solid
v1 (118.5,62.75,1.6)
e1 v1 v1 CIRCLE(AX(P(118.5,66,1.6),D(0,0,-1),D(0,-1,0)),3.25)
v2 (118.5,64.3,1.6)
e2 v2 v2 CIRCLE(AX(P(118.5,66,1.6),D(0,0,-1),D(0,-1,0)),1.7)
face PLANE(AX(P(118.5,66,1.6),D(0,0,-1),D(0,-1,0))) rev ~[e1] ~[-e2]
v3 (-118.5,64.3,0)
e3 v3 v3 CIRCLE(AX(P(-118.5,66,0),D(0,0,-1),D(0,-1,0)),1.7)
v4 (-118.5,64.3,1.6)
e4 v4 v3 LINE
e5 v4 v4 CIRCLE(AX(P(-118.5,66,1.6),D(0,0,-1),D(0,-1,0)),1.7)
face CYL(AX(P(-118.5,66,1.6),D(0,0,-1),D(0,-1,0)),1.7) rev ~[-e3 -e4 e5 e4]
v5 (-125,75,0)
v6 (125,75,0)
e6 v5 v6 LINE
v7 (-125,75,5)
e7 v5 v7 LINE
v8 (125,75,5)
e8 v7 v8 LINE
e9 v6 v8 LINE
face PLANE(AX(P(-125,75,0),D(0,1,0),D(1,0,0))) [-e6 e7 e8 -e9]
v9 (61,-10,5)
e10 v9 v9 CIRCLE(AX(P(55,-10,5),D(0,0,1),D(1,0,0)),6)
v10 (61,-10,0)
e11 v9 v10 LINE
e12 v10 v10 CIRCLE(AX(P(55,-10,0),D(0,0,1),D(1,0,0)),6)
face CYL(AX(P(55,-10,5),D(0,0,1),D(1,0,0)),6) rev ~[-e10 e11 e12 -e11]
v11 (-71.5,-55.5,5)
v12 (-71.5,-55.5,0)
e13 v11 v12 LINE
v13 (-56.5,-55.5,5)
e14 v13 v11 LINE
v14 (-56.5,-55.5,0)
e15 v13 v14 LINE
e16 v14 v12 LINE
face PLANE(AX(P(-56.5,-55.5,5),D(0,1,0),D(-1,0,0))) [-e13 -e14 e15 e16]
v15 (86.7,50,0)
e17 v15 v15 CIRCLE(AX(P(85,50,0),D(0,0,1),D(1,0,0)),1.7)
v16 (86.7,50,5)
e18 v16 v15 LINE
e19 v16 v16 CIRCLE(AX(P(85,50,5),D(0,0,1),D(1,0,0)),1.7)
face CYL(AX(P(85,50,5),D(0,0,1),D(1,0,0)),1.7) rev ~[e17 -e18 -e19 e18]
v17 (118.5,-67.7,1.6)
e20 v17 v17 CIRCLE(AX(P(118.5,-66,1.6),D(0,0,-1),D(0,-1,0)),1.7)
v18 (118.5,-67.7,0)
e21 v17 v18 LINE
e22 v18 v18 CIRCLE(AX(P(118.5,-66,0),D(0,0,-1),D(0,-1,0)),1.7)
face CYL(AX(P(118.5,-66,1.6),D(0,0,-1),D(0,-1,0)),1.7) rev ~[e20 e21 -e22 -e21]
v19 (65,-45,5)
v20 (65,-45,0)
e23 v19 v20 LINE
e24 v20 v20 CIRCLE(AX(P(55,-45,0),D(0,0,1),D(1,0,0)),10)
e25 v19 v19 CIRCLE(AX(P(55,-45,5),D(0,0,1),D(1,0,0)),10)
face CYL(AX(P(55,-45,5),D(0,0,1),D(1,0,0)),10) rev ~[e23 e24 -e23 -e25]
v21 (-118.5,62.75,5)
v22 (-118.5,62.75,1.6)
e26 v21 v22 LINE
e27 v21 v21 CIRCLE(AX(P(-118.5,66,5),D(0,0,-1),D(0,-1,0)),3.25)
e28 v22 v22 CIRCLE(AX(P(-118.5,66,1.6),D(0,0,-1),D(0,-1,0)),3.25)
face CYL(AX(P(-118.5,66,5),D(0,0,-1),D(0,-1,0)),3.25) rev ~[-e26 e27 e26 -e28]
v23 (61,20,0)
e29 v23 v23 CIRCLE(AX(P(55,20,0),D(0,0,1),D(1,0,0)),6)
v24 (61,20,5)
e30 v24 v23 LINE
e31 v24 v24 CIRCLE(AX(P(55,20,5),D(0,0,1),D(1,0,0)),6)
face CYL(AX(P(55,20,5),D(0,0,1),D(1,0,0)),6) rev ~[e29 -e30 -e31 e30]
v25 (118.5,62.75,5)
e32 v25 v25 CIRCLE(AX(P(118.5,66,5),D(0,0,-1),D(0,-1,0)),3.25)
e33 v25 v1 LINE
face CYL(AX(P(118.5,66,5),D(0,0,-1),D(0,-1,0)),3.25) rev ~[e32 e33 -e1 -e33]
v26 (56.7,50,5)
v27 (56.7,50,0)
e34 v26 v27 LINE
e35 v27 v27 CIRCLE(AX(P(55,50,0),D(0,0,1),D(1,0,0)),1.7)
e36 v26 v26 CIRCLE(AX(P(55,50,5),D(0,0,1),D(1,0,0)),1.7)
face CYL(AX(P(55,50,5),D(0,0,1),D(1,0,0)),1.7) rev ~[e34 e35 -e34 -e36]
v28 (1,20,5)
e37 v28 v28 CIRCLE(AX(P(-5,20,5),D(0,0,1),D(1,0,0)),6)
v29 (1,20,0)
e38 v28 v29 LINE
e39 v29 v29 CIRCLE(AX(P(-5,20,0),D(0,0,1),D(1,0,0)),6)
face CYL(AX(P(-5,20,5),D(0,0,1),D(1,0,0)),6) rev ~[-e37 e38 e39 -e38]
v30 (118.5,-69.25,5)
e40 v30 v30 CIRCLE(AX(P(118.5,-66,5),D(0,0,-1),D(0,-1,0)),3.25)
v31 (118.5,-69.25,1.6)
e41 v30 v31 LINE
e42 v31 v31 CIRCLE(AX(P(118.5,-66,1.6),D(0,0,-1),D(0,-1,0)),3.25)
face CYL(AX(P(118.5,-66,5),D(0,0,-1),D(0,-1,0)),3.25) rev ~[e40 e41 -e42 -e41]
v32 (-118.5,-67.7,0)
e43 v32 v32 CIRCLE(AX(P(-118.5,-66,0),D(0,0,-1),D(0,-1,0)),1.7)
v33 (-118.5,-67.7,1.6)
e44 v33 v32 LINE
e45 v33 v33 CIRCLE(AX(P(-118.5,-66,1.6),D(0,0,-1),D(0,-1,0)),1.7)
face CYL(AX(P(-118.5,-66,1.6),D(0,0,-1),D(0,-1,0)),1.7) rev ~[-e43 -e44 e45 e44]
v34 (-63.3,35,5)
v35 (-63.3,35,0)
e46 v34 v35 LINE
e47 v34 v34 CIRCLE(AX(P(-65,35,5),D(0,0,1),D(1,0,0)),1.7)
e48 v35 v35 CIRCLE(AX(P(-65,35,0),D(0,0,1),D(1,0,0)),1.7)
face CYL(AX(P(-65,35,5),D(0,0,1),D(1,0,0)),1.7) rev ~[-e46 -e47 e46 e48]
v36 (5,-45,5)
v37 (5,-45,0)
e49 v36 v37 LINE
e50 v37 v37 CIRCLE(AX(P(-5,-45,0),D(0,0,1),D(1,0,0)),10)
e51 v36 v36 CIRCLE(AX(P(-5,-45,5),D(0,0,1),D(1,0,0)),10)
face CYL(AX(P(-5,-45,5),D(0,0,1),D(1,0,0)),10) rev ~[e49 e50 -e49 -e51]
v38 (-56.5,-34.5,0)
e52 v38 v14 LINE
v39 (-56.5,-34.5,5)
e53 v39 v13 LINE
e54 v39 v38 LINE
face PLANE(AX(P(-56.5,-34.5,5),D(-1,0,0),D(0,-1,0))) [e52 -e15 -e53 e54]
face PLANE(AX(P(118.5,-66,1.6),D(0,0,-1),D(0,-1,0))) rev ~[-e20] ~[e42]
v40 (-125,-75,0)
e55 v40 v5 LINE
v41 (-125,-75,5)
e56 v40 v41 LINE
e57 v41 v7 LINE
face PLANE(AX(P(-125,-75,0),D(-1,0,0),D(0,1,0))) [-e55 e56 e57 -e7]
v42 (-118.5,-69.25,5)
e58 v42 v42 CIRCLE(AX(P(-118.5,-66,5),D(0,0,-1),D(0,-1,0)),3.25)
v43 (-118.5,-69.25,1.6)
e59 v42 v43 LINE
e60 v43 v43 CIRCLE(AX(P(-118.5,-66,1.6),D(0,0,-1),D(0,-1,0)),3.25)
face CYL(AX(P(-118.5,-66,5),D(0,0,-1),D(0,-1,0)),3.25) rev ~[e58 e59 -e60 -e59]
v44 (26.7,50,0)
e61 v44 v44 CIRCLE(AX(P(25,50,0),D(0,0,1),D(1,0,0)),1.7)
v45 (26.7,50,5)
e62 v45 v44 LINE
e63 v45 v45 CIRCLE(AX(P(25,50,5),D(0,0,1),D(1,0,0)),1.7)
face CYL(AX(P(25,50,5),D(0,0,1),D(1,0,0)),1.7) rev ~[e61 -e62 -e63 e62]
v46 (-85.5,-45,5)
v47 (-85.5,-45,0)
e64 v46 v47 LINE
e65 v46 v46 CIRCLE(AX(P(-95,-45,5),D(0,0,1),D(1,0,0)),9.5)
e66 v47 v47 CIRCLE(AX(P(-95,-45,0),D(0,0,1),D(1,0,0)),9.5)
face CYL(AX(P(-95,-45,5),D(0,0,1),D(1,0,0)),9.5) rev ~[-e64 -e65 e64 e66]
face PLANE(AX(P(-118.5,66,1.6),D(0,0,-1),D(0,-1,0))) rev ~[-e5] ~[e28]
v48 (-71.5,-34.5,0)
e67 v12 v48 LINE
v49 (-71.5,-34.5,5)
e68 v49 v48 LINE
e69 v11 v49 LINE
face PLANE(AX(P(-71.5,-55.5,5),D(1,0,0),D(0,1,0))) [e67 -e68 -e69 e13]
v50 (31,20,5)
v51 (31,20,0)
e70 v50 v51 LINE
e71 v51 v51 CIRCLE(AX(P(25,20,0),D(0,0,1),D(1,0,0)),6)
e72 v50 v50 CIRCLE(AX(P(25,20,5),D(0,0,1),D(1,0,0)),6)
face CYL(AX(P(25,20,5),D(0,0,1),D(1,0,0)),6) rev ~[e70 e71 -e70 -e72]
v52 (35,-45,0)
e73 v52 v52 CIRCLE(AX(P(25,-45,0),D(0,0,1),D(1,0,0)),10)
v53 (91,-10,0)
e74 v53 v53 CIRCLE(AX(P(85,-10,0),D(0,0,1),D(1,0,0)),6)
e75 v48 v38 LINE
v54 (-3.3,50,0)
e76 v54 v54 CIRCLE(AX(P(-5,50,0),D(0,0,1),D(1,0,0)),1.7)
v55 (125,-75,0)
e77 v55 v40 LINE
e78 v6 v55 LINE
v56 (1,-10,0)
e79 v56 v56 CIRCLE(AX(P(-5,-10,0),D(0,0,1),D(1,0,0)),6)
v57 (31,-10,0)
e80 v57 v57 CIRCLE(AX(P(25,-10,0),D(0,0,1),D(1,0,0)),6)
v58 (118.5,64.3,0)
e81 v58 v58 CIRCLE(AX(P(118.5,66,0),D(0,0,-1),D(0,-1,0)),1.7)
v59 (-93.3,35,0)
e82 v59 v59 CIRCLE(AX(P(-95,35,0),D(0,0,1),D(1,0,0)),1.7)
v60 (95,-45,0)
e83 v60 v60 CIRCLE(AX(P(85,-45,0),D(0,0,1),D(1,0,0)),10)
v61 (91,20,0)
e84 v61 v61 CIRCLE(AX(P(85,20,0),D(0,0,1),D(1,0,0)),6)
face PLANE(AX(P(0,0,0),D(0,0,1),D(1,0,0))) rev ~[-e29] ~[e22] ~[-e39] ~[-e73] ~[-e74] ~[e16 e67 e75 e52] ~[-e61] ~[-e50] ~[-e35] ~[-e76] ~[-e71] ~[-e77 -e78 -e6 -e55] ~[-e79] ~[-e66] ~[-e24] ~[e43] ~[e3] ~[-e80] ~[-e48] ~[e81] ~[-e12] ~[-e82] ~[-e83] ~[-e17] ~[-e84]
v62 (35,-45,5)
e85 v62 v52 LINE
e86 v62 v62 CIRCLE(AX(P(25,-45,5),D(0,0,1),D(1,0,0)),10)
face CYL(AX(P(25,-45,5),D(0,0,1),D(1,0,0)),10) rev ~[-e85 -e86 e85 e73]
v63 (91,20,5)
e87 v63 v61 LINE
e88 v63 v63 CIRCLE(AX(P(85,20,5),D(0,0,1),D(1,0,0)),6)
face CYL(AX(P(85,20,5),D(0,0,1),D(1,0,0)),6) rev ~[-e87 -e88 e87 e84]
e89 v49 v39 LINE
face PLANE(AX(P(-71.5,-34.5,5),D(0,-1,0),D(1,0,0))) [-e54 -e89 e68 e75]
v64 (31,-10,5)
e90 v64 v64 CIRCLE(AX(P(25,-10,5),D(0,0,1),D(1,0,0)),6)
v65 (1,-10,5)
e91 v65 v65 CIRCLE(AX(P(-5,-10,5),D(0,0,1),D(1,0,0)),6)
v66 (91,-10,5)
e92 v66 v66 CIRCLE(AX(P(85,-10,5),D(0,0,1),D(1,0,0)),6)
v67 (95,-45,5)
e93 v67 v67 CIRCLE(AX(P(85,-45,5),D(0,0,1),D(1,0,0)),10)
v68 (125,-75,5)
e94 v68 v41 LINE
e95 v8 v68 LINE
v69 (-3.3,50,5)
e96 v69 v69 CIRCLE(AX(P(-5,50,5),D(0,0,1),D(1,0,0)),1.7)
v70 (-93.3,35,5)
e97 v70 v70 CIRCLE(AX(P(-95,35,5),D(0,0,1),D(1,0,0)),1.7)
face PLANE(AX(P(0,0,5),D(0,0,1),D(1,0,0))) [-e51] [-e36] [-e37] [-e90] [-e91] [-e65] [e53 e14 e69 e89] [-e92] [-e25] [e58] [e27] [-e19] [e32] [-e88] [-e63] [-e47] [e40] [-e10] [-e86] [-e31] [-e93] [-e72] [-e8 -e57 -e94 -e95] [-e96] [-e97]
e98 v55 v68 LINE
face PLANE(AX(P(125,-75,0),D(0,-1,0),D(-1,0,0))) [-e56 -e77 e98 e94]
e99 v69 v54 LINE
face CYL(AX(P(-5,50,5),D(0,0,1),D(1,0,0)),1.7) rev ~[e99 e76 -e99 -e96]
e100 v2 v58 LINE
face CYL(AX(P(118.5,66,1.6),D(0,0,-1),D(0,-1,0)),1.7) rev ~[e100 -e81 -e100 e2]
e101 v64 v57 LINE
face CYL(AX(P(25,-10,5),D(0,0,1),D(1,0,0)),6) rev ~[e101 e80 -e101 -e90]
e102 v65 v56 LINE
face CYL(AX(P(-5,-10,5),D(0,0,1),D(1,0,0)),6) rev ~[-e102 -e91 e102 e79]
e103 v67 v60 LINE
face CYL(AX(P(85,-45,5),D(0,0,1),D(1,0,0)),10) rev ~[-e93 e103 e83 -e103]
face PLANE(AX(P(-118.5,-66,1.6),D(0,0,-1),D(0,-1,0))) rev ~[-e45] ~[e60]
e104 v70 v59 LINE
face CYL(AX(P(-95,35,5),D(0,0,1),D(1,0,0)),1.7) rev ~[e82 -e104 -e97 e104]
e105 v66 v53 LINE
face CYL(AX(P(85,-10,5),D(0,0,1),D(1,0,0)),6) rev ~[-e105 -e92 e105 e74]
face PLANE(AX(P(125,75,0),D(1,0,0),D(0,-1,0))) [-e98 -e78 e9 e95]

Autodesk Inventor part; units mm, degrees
ref_plane "YZ Plane" through (0, 0, 0) normal (1, 0, 0) x (0, 1, 0)
ref_plane "XZ Plane" through (0, 0, 0) normal (0, 1, 0) x (-1, 0, 0)
ref_plane "XY Plane" through (0, 0, 0) normal (0, 0, 1) x (1, 0, 0)
sketch "Sketch1" plane through (0, 0, 0) normal (0, 0, 1) x (1, 0, 0)
  line L0 (125, -75) -> (-125, -75)
  line L1 (-125, -75) -> (-125, 75)
  line L2 (-125, 75) -> (125, 75)
  line L3 (125, 75) -> (125, -75)
  line L4 (125, -75) -> (-125, 75) construction
  line L5 (-125, -75) -> (125, 75) construction
  point P0 (0, 0)
  dimension "d0" = 250
  dimension "d1" = 150
extrude "Extrusion1" add sketch "Sketch1" along normal blind 5
sketch "Sketch2" plane through (0, 0, 5) normal (0, 0, 1) x (1, 0, 0)
  line L0 (-125, -75) -> (125, -75) projected
  line L1 (-125, -75) -> (-112, -75)
  line L2 (-112, -75) -> (-112, -57)
  line L3 (-112, -57) -> (-125, -57)
  line L4 (-125, -57) -> (-125, -75)
  line L5 (125, -75) -> (125, 75) projected
  line L6 (125, -75) -> (112, -75)
  line L7 (112, -75) -> (112, -57)
  line L8 (112, -57) -> (125, -57)
  line L9 (125, -57) -> (125, -75)
  line L10 (125, 75) -> (-125, 75) projected
  line L11 (-125, 75) -> (-112, 75)
  line L12 (-112, 75) -> (-112, 57)
  line L13 (-112, 57) -> (-125, 57)
  line L14 (-125, 57) -> (-125, 75)
  line L15 (125, 75) -> (112, 75)
  line L16 (112, 75) -> (112, 57)
  line L17 (112, 57) -> (125, 57)
  line L18 (125, 57) -> (125, 75)
  line L19 (-125, 75) -> (-112, 57)
  line L20 (-112, 75) -> (-125, 57)
  line L21 (112, 75) -> (125, 57)
  line L22 (125, 57) -> (125, 75)
  line L23 (112, 57) -> (125, 75)
  line L24 (125, -75) -> (112, -57)
  line L25 (125, -57) -> (112, -75)
  line L26 (-125, -57) -> (-112, -75)
  line L27 (-125, 75) -> (-125, -75) projected
  line L28 (-112, -57) -> (-125, -75)
  point P0 (0, 0)
  point P1 (-118.5, -66)
  point P2 (-118.5, 66)
  point P3 (118.5, 66)
  point P4 (118.5, -66)
  dimension "d4" = 13
  dimension "d5" = 18
  dimension "d6" = 13
  dimension "d7" = 18
  dimension "d8" = 13
  dimension "d9" = 18
  dimension "d10" = 13
  dimension "d11" = 18
hole "Hole1" at (-118.5, -66, 5) at (118.5, 66, 5) at (118.5, -66, 5) at (-118.5, 66, 5) direction (0, 0, -1) diameter 3.4 end through all counterbore diameter 6.5 counterbore depth 3.4 clearance for "Socket Head Cap Screw DIN EN ISO 4762" size "M3" standard "DIN"
sketch "Sketch34" plane through (0, 0, 5) normal (0, 0, 1) x (1, 0, 0)
  circle A0 centre (-95, 35) radius 1.7
  line L0 (125, 75) -> (-125, 75) projected
  line L1 (-125, 75) -> (-125, -75) projected
  point P0 (0, 0)
  dimension "d166" = 3.4
  dimension "d169" = 40
  dimension "d170" = 30
extrude "ToggleswitchWithCap1" cut sketch "Sketch34" against normal blind 10
sketch "Sketch36" plane through (0, 0, 5) normal (0, 0, 1) x (1, 0, 0)
  circle A0 centre (-65, 35) radius 1.7
  line L0 (125, 75) -> (-125, 75) projected
  line L1 (-125, 75) -> (-125, -75) projected
  point P0 (0, 0)
  dimension "d171" = 3.4
  dimension "d172" = 40
  dimension "d173" = 60
extrude "ToggleSwitchWithCap2" cut sketch "Sketch36" against normal through all
sketch "Sketch38" plane through (0, 0, 5) normal (0, 0, 1) x (1, 0, 0)
  line L0 (-71.5, -34.5) -> (-56.5, -34.5)
  line L1 (-56.5, -34.5) -> (-56.5, -55.5)
  line L2 (-56.5, -55.5) -> (-71.5, -55.5)
  line L3 (-71.5, -55.5) -> (-71.5, -34.5)
  line L4 (125, 75) -> (-125, 75) projected
  line L5 (-125, 75) -> (-125, -75) projected
  point P0 (0, 0)
  dimension "d181" = 15
  dimension "d182" = 21
  dimension "d185" = 109.5
  dimension "d186" = 53.5
extrude "OnOffToggle" cut sketch "Sketch38" against normal through all
sketch "Sketch17" plane through (0, 0, 5) normal (0, 0, 1) x (1, 0, 0)
  circle A0 centre (-95, -45) radius 9.5
  line L0 (125, 75) -> (-125, 75) projected
  line L1 (-125, 75) -> (-125, -75) projected
  point P0 (0, 0)
  point P1 (-104.4472, 75)
  point P2 (-85.5528, 75)
  dimension "d81" = 19
  dimension "d82" = 120
  dimension "d83" = 30
extrude "KeySwitch" cut sketch "Sketch17" against normal through all
sketch "Sketch18" plane through (0, 0, 5) normal (0, 0, 1) x (1, 0, 0)
  circle A0 centre (-5, 50) radius 1.7
  line L0 (-125, 75) -> (-125, -75) projected
  line L1 (125, 75) -> (-125, 75) projected
  point P0 (0, 0)
  dimension "d86" = 3.4
  dimension "d98" = 120
  dimension "d99" = 25
extrude "Toggleswitch1" cut sketch "Sketch18" against normal through all
sketch "Sketch19" plane through (0, 0, 5) normal (0, 0, 1) x (1, 0, 0)
  circle A0 centre (25, 50) radius 1.7
  line L0 (125, 75) -> (-125, 75) projected
  line L1 (-125, 75) -> (-125, -75) projected
  point P0 (0, 0)
  dimension "d89" = 3.4
  dimension "d100" = 25
  dimension "d101" = 150
extrude "Toggleswitch2" cut sketch "Sketch19" against normal through all
sketch "Sketch20" plane through (0, 0, 5) normal (0, 0, 1) x (1, 0, 0)
  circle A0 centre (55, 50) radius 1.7
  line L0 (125, 75) -> (-125, 75) projected
  line L1 (-125, 75) -> (-125, -75) projected
  point P0 (0, 0)
  dimension "d92" = 3.4
  dimension "d102" = 25
  dimension "d103" = 180
extrude "Toggleswitch3" cut sketch "Sketch20" against normal through all
sketch "Sketch21" plane through (0, 0, 5) normal (0, 0, 1) x (1, 0, 0)
  circle A0 centre (85, 50) radius 1.7
  line L0 (125, 75) -> (-125, 75) projected
  line L1 (-125, 75) -> (-125, -75) projected
  point P0 (0, 0)
  dimension "d95" = 3.4
  dimension "d104" = 25
  dimension "d105" = 210
extrude "Toggleswitch4" cut sketch "Sketch21" against normal through all
sketch "Sketch22" plane through (0, 0, 5) normal (0, 0, 1) x (1, 0, 0)
  circle A0 centre (-5, 20) radius 6
  line L0 (-125, 75) -> (-125, -75) projected
  line L1 (125, 75) -> (-125, 75) projected
  point P0 (0, 0)
  dimension "d106" = 12
  dimension "d109" = 120
  dimension "d110" = 55
extrude "ButtonBlack1" cut sketch "Sketch22" against normal through all
sketch "Sketch23" plane through (0, 0, 5) normal (0, 0, 1) x (1, 0, 0)
  circle A0 centre (25, 20) radius 6
  line L0 (125, 75) -> (-125, 75) projected
  line L1 (-125, 75) -> (-125, -75) projected
  point P0 (0, 0)
  dimension "d111" = 12
  dimension "d114" = 55
  dimension "d115" = 150
extrude "ButtonBlack2" cut sketch "Sketch23" against normal through all
sketch "Sketch24" plane through (0, 0, 5) normal (0, 0, 1) x (1, 0, 0)
  circle A0 centre (55, 20) radius 6
  line L0 (125, 75) -> (-125, 75) projected
  line L1 (-125, 75) -> (-125, -75) projected
  point P0 (0, 0)
  dimension "d116" = 12
  dimension "d117" = 55
  dimension "d118" = 180
extrude "ButtonBlack3" cut sketch "Sketch24" against normal through all
sketch "Sketch25" plane through (0, 0, 5) normal (0, 0, 1) x (1, 0, 0)
  circle A0 centre (85, 20) radius 6
  line L0 (125, 75) -> (-125, 75) projected
  line L1 (-125, 75) -> (-125, -75) projected
  point P0 (0, 0)
  dimension "d121" = 12
  dimension "d122" = 55
  dimension "d123" = 210
extrude "ButtonBlack4" cut sketch "Sketch25" against normal through all
sketch "Sketch26" plane through (0, 0, 5) normal (0, 0, 1) x (1, 0, 0)
  circle A0 centre (-5, -10) radius 6
  line L0 (-125, 75) -> (-125, -75) projected
  line L1 (125, 75) -> (-125, 75) projected
  point P0 (0, 0)
  dimension "d126" = 12
  dimension "d127" = 120
  dimension "d128" = 85
extrude "ButtonRed1" cut sketch "Sketch26" against normal through all
sketch "Sketch27" plane through (0, 0, 5) normal (0, 0, 1) x (1, 0, 0)
  circle A0 centre (25, -10) radius 6
  line L0 (125, 75) -> (-125, 75) projected
  line L1 (-125, 75) -> (-125, -75) projected
  point P0 (0, 0)
  dimension "d131" = 12
  dimension "d132" = 85
  dimension "d133" = 150
extrude "ButtonRed2" cut sketch "Sketch27" against normal through all
sketch "Sketch28" plane through (0, 0, 5) normal (0, 0, 1) x (1, 0, 0)
  circle A0 centre (55, -10) radius 6
  line L0 (125, 75) -> (-125, 75) projected
  line L1 (-125, 75) -> (-125, -75) projected
  point P0 (0, 0)
  dimension "d136" = 12
  dimension "d137" = 85
  dimension "d138" = 180
extrude "ButtonRed3" cut sketch "Sketch28" against normal through all
sketch "Sketch29" plane through (0, 0, 5) normal (0, 0, 1) x (1, 0, 0)
  circle A0 centre (85, -10) radius 6
  line L0 (125, 75) -> (-125, 75) projected
  line L1 (-125, 75) -> (-125, -75) projected
  point P0 (0, 0)
  dimension "d141" = 12
  dimension "d142" = 85
  dimension "d143" = 210
extrude "ButtonRed4" cut sketch "Sketch29" against normal through all
sketch "Sketch30" plane through (0, 0, 5) normal (0, 0, 1) x (1, 0, 0)
  circle A0 centre (-5, -45) radius 10
  line L0 (125, 75) -> (-125, 75) projected
  line L1 (-125, 75) -> (-125, -75) projected
  point P0 (0, 0)
  dimension "d146" = 20
  dimension "d147" = 120
  dimension "d148" = 120
extrude "RotaryEncoder1" cut sketch "Sketch30" against normal through all
sketch "Sketch31" plane through (0, 0, 5) normal (0, 0, 1) x (1, 0, 0)
  circle A0 centre (25, -45) radius 10
  line L0 (125, 75) -> (-125, 75) projected
  line L1 (-125, 75) -> (-125, -75) projected
  point P0 (0, 0)
  dimension "d151" = 20
  dimension "d152" = 120
  dimension "d153" = 150
extrude "RotaryEncoder2" cut sketch "Sketch31" against normal through all
sketch "Sketch32" plane through (0, 0, 5) normal (0, 0, 1) x (1, 0, 0)
  circle A0 centre (55, -45) radius 10
  line L0 (125, 75) -> (-125, 75) projected
  line L1 (-125, 75) -> (-125, -75) projected
  point P0 (0, 0)
  dimension "d156" = 20
  dimension "d157" = 120
  dimension "d158" = 180
extrude "RotaryEncoder3" cut sketch "Sketch32" against normal through all
sketch "Sketch33" plane through (0, 0, 5) normal (0, 0, 1) x (1, 0, 0)
  circle A0 centre (85, -45) radius 10
  line L0 (125, 75) -> (-125, 75) projected
  line L1 (-125, 75) -> (-125, -75) projected
  point P0 (0, 0)
  dimension "d161" = 20
  dimension "d162" = 120
  dimension "d163" = 210
extrude "RotaryEncoder4" cut sketch "Sketch33" against normal through all
properties part number "Box Top"
